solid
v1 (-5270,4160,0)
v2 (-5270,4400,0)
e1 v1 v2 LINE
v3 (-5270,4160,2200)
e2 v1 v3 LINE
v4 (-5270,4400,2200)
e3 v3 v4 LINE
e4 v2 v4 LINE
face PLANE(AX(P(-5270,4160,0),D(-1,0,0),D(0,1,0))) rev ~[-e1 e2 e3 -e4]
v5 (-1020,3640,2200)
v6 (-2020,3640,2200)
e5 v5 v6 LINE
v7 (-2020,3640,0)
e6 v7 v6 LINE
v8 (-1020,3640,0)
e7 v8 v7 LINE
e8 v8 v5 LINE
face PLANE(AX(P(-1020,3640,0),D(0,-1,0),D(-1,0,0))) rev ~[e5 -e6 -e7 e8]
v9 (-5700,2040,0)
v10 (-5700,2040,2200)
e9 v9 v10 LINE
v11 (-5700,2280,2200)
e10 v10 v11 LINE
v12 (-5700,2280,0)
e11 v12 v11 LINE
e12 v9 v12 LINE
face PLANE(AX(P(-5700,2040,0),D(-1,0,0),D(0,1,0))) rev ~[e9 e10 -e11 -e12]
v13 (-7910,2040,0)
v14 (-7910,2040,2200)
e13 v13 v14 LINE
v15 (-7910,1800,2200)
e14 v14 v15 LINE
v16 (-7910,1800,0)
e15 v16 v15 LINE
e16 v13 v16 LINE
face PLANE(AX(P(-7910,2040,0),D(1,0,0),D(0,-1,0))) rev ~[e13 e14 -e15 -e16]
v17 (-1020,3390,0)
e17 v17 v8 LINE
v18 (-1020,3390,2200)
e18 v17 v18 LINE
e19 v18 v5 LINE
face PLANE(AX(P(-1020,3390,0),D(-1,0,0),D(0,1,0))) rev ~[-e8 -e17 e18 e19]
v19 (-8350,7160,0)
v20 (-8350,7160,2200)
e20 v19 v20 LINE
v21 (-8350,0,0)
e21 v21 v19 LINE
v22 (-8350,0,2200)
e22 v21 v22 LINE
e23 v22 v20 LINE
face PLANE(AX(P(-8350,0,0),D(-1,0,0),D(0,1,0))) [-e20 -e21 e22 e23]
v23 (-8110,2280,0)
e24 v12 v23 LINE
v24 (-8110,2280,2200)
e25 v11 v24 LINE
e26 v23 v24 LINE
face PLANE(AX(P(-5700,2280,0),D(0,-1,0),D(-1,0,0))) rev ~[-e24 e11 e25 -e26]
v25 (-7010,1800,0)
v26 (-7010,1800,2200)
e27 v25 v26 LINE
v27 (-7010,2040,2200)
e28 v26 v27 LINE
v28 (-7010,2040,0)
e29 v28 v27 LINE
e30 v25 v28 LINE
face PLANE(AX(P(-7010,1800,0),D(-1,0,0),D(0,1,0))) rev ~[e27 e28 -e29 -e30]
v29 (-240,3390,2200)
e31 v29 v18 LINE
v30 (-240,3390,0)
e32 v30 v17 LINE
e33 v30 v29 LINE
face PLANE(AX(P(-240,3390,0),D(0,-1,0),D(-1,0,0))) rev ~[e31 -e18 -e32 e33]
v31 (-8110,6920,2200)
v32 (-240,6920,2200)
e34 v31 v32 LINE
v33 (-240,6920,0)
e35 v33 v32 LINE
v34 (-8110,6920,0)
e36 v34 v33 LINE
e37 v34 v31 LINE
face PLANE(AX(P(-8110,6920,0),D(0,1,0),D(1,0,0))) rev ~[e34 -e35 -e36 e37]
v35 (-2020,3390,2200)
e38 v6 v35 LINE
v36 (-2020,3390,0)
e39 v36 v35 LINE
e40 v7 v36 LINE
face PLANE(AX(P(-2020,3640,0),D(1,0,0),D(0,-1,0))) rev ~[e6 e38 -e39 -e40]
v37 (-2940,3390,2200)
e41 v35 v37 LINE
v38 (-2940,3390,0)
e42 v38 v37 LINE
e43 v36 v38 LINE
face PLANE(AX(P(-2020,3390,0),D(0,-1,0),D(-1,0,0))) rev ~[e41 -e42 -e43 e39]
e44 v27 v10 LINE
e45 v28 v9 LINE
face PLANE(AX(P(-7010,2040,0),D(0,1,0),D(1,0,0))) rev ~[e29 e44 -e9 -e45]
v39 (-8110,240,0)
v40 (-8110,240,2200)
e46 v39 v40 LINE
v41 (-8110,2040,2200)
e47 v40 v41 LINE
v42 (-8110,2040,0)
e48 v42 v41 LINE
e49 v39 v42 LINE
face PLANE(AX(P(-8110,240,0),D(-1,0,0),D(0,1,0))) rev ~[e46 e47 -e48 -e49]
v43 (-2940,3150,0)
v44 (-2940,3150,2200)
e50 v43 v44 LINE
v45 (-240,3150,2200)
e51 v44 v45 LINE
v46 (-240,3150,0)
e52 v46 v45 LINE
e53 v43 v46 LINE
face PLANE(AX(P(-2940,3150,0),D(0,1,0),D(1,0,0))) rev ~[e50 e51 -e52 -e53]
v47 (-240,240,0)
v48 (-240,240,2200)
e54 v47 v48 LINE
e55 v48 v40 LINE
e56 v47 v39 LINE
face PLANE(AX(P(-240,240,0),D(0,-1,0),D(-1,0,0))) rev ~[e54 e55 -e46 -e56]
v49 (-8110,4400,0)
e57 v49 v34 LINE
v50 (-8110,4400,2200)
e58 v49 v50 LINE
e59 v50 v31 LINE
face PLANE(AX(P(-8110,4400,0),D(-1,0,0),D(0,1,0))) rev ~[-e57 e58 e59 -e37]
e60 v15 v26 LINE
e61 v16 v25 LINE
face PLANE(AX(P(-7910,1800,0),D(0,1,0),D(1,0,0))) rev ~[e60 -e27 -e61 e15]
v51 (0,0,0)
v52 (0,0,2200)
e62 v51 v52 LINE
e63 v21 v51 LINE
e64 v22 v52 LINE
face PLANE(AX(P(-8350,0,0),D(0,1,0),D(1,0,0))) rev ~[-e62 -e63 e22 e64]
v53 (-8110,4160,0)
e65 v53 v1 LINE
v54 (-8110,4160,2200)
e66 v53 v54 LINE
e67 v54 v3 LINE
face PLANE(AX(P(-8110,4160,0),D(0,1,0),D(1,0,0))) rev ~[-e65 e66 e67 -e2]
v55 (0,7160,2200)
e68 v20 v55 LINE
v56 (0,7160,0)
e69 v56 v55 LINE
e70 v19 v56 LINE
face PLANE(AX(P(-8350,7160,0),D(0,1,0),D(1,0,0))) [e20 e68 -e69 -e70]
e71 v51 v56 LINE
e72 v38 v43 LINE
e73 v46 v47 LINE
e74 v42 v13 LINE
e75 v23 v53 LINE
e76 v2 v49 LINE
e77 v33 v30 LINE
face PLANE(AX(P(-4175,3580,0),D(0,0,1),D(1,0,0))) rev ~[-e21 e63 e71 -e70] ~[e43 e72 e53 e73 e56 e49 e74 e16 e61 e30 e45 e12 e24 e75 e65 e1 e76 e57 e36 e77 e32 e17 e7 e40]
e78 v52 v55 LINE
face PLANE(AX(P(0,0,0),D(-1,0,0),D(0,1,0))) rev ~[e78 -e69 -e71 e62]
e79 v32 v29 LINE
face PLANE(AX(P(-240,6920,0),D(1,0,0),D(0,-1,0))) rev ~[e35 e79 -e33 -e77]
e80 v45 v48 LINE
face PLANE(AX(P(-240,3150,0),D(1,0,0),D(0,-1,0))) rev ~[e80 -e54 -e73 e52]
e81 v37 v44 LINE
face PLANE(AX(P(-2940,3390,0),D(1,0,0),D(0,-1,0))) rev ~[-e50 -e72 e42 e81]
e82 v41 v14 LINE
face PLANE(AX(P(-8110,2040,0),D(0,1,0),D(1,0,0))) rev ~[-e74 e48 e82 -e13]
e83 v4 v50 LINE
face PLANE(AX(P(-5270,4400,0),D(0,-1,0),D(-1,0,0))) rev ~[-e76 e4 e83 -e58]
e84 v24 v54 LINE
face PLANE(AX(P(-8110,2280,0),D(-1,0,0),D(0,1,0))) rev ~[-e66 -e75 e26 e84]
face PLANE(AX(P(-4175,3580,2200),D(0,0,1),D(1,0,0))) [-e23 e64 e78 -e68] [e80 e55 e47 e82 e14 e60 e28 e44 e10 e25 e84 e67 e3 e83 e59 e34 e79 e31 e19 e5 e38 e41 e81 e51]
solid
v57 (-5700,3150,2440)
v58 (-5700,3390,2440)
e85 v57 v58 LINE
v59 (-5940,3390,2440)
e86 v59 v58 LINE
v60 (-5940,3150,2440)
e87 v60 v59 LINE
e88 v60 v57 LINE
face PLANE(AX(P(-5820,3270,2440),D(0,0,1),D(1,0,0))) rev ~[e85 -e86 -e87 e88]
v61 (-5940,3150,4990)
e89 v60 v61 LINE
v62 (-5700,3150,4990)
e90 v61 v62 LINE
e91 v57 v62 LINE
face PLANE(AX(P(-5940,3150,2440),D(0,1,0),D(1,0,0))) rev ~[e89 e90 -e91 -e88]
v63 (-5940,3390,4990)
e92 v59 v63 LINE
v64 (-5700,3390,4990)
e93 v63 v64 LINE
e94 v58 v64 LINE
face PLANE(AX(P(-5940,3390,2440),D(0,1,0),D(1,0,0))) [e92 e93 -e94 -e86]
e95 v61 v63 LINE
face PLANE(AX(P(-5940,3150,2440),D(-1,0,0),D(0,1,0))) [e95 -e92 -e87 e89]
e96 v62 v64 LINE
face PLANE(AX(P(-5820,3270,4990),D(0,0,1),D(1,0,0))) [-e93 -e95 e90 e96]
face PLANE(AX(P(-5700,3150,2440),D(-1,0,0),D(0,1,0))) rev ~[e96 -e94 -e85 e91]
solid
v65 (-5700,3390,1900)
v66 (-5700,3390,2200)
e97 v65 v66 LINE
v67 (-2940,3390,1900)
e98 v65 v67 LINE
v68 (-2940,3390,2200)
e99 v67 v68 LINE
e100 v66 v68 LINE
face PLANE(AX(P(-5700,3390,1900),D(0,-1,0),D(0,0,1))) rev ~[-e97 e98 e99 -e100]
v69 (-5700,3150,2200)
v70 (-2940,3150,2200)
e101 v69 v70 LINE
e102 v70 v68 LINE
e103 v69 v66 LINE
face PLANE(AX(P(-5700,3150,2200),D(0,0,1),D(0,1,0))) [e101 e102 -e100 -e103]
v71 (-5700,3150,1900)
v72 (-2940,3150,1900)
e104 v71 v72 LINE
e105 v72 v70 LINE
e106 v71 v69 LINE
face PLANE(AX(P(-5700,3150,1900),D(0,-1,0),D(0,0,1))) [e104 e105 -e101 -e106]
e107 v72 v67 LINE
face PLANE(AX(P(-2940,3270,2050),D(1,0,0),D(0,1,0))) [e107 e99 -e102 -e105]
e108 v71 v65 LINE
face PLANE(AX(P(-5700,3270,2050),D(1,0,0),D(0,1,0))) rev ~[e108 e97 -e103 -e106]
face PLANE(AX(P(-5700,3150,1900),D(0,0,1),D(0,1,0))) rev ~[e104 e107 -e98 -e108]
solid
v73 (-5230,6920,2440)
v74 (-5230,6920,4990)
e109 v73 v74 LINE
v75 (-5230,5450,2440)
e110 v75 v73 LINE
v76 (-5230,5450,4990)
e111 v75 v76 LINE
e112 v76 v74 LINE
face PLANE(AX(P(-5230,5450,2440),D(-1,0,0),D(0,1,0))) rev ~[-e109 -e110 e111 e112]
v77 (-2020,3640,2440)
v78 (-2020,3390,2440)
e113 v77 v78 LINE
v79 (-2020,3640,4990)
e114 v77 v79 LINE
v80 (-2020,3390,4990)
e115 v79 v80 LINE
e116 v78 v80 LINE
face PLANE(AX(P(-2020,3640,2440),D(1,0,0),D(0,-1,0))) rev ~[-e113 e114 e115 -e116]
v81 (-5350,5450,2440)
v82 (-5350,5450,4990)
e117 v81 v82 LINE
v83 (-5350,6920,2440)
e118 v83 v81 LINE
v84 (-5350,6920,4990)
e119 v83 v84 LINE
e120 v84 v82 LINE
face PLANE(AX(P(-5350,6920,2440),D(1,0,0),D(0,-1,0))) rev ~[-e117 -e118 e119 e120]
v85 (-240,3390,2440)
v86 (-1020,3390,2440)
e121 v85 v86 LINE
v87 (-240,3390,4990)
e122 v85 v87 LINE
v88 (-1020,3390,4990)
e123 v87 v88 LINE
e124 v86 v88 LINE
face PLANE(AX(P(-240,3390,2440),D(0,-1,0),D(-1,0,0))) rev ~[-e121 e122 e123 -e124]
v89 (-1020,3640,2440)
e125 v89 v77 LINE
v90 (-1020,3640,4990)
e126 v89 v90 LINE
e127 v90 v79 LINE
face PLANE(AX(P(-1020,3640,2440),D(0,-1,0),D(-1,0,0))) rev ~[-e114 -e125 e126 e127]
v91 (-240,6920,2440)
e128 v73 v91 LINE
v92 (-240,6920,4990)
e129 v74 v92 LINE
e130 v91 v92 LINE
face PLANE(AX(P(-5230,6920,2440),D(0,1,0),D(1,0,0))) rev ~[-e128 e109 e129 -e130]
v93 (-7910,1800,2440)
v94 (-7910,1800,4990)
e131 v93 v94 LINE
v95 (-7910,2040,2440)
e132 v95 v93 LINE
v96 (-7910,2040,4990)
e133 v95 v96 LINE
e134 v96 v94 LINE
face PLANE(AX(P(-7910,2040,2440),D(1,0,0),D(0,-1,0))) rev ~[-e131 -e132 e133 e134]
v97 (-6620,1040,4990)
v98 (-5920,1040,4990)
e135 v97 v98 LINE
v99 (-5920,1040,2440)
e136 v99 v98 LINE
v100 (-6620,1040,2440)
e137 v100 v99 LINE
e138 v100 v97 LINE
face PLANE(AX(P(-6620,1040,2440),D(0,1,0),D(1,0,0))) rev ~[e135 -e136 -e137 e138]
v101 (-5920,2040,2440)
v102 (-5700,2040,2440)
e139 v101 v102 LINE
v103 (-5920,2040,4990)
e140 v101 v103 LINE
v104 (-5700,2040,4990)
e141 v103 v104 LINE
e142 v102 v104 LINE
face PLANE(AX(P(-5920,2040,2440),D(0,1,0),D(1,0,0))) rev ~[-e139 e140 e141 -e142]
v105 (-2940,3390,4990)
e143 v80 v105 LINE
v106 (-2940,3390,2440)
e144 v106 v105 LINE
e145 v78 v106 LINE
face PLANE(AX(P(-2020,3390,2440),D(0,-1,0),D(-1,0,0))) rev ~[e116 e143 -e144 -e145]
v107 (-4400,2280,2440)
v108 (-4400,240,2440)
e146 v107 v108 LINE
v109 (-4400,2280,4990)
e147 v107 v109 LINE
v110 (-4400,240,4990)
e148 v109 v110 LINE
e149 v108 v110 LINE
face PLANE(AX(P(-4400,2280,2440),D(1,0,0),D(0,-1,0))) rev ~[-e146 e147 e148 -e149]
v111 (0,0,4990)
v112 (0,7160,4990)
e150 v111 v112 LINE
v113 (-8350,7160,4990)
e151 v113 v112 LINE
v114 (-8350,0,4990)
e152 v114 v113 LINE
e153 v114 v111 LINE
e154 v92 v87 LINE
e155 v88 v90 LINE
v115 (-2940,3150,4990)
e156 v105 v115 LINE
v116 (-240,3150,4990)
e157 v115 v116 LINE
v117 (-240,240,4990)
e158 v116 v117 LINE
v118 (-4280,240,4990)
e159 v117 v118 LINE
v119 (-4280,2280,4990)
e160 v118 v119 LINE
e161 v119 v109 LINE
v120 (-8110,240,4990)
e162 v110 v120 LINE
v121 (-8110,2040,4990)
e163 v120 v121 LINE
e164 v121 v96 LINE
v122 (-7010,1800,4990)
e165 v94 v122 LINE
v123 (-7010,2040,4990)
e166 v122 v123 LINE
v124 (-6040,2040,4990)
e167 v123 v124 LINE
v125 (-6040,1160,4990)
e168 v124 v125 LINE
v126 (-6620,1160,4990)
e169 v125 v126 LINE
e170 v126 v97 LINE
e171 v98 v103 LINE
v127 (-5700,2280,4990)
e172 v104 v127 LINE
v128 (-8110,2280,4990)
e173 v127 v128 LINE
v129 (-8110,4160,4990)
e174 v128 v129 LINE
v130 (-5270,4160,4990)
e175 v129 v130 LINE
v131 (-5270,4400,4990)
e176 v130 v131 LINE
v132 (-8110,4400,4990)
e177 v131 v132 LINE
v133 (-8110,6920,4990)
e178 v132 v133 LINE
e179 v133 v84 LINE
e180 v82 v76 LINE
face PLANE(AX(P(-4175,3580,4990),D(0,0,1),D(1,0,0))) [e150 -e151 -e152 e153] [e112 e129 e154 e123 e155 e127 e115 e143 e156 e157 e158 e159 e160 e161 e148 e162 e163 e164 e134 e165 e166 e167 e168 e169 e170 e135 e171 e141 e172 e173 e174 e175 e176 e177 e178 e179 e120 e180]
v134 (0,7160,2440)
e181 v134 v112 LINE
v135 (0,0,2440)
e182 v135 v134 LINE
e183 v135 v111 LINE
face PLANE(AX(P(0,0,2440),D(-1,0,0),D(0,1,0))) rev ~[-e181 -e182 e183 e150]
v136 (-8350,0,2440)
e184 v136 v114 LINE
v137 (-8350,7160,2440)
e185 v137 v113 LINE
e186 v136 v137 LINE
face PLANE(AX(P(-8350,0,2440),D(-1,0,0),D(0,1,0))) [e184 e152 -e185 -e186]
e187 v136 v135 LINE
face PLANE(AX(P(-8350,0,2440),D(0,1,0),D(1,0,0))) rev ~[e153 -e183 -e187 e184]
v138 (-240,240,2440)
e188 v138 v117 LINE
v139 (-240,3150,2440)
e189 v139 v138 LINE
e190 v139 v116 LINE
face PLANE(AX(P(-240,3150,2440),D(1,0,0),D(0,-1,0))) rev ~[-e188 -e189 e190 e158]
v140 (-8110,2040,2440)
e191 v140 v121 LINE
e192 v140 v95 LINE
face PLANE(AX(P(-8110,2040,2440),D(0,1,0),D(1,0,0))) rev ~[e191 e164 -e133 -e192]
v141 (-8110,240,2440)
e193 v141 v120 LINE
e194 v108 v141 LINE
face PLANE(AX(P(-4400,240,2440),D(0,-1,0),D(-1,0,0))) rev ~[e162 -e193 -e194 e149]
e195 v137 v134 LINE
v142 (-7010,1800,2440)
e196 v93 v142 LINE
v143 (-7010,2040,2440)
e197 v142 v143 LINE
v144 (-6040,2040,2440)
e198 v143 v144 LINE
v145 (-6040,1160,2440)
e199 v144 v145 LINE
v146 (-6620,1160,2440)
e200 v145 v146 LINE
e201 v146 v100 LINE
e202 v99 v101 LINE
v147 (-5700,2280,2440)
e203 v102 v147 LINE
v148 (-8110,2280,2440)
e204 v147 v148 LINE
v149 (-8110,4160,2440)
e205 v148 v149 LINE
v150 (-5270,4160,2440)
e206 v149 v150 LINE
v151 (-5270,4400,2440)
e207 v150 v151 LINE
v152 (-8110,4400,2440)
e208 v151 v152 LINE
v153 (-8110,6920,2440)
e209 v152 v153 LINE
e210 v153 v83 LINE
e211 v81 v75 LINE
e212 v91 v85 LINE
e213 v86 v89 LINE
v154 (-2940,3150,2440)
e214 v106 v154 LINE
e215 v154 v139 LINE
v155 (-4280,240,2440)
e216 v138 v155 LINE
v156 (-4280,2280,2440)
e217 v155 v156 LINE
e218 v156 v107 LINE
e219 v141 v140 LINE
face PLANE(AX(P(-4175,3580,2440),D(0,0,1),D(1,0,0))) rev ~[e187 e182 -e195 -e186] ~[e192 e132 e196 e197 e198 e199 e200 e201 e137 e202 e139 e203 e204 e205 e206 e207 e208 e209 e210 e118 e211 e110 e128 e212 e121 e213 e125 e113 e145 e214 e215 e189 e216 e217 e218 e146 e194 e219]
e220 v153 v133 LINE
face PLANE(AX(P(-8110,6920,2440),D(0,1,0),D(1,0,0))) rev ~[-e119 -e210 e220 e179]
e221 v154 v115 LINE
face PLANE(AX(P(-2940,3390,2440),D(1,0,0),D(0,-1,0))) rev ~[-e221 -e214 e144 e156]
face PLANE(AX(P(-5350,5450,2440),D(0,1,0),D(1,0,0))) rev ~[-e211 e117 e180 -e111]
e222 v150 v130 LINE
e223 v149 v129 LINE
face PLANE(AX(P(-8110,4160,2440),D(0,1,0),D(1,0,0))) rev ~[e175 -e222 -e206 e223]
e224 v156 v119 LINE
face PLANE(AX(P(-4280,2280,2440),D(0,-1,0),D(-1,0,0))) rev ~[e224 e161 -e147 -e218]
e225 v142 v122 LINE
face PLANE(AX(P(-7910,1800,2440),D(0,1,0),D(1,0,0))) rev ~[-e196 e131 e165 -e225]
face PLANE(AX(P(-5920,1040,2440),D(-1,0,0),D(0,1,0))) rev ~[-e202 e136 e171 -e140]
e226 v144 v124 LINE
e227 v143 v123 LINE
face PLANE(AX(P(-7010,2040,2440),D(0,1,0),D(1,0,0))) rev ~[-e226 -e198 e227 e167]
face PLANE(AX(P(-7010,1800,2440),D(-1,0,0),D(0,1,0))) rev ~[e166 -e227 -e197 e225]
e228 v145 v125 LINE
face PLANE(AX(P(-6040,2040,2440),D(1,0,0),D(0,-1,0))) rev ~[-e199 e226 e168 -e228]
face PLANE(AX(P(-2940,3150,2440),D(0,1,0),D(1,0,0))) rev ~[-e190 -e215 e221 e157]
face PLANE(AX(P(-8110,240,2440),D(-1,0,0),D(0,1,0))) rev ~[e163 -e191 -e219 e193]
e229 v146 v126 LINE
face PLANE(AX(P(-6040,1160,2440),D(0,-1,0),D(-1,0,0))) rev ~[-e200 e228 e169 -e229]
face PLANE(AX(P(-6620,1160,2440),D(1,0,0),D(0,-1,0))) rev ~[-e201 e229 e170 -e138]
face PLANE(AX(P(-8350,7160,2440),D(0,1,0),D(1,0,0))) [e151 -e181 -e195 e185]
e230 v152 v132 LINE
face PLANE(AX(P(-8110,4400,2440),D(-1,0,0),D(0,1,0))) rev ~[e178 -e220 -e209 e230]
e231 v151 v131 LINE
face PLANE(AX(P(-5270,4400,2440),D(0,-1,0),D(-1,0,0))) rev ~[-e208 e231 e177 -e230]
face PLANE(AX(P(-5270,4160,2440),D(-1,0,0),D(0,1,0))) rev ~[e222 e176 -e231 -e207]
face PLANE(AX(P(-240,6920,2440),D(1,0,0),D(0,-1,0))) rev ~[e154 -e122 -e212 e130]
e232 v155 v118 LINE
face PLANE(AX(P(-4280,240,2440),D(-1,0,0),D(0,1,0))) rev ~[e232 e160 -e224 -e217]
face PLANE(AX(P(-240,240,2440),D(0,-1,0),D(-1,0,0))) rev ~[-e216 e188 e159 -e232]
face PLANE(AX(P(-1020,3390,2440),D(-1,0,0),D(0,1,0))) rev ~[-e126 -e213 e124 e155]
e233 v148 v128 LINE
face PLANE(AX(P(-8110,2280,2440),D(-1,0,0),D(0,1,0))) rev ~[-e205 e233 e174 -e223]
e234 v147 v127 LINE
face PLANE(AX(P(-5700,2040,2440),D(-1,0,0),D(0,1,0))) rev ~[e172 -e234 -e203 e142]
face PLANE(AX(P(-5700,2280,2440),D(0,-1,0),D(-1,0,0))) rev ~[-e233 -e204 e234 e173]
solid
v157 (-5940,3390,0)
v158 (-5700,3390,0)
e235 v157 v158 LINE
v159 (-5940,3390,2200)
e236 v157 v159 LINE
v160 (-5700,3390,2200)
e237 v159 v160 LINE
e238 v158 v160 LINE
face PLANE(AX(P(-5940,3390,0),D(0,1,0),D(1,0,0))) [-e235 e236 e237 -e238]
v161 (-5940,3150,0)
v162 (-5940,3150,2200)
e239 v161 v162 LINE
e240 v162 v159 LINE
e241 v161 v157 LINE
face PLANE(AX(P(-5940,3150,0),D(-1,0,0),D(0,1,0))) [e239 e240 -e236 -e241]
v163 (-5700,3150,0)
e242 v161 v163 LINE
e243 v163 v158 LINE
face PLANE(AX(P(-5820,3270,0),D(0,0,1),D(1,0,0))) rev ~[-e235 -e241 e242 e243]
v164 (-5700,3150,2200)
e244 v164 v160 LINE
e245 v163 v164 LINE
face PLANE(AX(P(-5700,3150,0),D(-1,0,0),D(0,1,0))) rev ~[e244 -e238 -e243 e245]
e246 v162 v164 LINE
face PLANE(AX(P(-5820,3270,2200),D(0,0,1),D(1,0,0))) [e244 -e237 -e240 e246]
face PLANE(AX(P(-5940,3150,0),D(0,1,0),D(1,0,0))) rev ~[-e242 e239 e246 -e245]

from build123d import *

# Parameters (mm, degrees)
F0_W     = 8350
F0_H     = 7160
F1_DEPTH = 2200
F0_W_2   = 240
F0_H_2   = 240
F2_DEPTH = 2200
F3_W     = 240
F3_H     = 300
F4_DEPTH = 2760
F6_W     = 8350
F6_H     = 7160
F7_DEPTH = 2550
F6_W_2   = 240
F6_H_2   = 240


with BuildPart() as f1:
    # F0 (on Top) → F1 (new body)
    with BuildSketch(Plane.XY):
        with Locations((-4175, 3580)):
            Rectangle(F0_W, F0_H)
        Polygon((-8110, 6920), (-240, 6920), (-240, 3390), (-1020, 3390), (-1020, 3640), (-2020, 3640), (-2020, 3390), (-2940, 3390), (-2940, 3150), (-240, 3150), (-240, 240), (-8110, 240), (-8110, 2040), (-7910, 2040), (-7910, 1800), (-7010, 1800), (-7010, 2040), (-5700, 2040), (-5700, 2280), (-8110, 2280), (-8110, 4160), (-5270, 4160), (-5270, 4400), (-8110, 4400), align=None, mode=Mode.SUBTRACT)
    extrude(amount=F1_DEPTH)


with BuildPart() as f2:
    # F0 (on Top) → F2 (new body)
    with BuildSketch(Plane.XY):
        with Locations((-5820, 3270)):
            Rectangle(F0_W_2, F0_H_2)
    extrude(amount=F2_DEPTH)


with BuildPart() as f4:
    # F3 (on face) → F4 (new body, through all)
    with BuildSketch(Plane.YZ.offset(-5700)):
        with Locations((3270, 2050)):
            Rectangle(F3_W, F3_H)
    extrude(amount=F4_DEPTH)


with BuildPart() as f7:
    # F6 (on offset) → F7 (new body)
    with BuildSketch(Plane.XY.offset(2440)):
        with Locations((-4175, 3580)):
            Rectangle(F6_W, F6_H)
        Polygon((-4400, 240), (-8110, 240), (-8110, 2040), (-7910, 2040), (-7910, 1800), (-7010, 1800), (-7010, 2040), (-6040, 2040), (-6040, 1160), (-6620, 1160), (-6620, 1040), (-5920, 1040), (-5920, 2040), (-5700, 2040), (-5700, 2280), (-8110, 2280), (-8110, 4160), (-5270, 4160), (-5270, 4400), (-8110, 4400), (-8110, 6920), (-5350, 6920), (-5350, 5450), (-5230, 5450), (-5230, 6920), (-240, 6920), (-240, 3390), (-1020, 3390), (-1020, 3640), (-2020, 3640), (-2020, 3390), (-2940, 3390), (-2940, 3150), (-240, 3150), (-240, 240), (-4280, 240), (-4280, 1680), (-4280, 1800), (-4280, 2280), (-4400, 2280), align=None, mode=Mode.SUBTRACT)
    extrude(amount=F7_DEPTH)


with BuildPart() as f7b:
    # F6 (on offset) → F7, piece 2 (new body)
    with BuildSketch(Plane.XY.offset(2440)):
        with Locations((-5820, 3270)):
            Rectangle(F6_W_2, F6_H_2)
    extrude(amount=F7_DEPTH)


solid = Compound([f1.part, f2.part, f4.part, f7.part, f7b.part])
